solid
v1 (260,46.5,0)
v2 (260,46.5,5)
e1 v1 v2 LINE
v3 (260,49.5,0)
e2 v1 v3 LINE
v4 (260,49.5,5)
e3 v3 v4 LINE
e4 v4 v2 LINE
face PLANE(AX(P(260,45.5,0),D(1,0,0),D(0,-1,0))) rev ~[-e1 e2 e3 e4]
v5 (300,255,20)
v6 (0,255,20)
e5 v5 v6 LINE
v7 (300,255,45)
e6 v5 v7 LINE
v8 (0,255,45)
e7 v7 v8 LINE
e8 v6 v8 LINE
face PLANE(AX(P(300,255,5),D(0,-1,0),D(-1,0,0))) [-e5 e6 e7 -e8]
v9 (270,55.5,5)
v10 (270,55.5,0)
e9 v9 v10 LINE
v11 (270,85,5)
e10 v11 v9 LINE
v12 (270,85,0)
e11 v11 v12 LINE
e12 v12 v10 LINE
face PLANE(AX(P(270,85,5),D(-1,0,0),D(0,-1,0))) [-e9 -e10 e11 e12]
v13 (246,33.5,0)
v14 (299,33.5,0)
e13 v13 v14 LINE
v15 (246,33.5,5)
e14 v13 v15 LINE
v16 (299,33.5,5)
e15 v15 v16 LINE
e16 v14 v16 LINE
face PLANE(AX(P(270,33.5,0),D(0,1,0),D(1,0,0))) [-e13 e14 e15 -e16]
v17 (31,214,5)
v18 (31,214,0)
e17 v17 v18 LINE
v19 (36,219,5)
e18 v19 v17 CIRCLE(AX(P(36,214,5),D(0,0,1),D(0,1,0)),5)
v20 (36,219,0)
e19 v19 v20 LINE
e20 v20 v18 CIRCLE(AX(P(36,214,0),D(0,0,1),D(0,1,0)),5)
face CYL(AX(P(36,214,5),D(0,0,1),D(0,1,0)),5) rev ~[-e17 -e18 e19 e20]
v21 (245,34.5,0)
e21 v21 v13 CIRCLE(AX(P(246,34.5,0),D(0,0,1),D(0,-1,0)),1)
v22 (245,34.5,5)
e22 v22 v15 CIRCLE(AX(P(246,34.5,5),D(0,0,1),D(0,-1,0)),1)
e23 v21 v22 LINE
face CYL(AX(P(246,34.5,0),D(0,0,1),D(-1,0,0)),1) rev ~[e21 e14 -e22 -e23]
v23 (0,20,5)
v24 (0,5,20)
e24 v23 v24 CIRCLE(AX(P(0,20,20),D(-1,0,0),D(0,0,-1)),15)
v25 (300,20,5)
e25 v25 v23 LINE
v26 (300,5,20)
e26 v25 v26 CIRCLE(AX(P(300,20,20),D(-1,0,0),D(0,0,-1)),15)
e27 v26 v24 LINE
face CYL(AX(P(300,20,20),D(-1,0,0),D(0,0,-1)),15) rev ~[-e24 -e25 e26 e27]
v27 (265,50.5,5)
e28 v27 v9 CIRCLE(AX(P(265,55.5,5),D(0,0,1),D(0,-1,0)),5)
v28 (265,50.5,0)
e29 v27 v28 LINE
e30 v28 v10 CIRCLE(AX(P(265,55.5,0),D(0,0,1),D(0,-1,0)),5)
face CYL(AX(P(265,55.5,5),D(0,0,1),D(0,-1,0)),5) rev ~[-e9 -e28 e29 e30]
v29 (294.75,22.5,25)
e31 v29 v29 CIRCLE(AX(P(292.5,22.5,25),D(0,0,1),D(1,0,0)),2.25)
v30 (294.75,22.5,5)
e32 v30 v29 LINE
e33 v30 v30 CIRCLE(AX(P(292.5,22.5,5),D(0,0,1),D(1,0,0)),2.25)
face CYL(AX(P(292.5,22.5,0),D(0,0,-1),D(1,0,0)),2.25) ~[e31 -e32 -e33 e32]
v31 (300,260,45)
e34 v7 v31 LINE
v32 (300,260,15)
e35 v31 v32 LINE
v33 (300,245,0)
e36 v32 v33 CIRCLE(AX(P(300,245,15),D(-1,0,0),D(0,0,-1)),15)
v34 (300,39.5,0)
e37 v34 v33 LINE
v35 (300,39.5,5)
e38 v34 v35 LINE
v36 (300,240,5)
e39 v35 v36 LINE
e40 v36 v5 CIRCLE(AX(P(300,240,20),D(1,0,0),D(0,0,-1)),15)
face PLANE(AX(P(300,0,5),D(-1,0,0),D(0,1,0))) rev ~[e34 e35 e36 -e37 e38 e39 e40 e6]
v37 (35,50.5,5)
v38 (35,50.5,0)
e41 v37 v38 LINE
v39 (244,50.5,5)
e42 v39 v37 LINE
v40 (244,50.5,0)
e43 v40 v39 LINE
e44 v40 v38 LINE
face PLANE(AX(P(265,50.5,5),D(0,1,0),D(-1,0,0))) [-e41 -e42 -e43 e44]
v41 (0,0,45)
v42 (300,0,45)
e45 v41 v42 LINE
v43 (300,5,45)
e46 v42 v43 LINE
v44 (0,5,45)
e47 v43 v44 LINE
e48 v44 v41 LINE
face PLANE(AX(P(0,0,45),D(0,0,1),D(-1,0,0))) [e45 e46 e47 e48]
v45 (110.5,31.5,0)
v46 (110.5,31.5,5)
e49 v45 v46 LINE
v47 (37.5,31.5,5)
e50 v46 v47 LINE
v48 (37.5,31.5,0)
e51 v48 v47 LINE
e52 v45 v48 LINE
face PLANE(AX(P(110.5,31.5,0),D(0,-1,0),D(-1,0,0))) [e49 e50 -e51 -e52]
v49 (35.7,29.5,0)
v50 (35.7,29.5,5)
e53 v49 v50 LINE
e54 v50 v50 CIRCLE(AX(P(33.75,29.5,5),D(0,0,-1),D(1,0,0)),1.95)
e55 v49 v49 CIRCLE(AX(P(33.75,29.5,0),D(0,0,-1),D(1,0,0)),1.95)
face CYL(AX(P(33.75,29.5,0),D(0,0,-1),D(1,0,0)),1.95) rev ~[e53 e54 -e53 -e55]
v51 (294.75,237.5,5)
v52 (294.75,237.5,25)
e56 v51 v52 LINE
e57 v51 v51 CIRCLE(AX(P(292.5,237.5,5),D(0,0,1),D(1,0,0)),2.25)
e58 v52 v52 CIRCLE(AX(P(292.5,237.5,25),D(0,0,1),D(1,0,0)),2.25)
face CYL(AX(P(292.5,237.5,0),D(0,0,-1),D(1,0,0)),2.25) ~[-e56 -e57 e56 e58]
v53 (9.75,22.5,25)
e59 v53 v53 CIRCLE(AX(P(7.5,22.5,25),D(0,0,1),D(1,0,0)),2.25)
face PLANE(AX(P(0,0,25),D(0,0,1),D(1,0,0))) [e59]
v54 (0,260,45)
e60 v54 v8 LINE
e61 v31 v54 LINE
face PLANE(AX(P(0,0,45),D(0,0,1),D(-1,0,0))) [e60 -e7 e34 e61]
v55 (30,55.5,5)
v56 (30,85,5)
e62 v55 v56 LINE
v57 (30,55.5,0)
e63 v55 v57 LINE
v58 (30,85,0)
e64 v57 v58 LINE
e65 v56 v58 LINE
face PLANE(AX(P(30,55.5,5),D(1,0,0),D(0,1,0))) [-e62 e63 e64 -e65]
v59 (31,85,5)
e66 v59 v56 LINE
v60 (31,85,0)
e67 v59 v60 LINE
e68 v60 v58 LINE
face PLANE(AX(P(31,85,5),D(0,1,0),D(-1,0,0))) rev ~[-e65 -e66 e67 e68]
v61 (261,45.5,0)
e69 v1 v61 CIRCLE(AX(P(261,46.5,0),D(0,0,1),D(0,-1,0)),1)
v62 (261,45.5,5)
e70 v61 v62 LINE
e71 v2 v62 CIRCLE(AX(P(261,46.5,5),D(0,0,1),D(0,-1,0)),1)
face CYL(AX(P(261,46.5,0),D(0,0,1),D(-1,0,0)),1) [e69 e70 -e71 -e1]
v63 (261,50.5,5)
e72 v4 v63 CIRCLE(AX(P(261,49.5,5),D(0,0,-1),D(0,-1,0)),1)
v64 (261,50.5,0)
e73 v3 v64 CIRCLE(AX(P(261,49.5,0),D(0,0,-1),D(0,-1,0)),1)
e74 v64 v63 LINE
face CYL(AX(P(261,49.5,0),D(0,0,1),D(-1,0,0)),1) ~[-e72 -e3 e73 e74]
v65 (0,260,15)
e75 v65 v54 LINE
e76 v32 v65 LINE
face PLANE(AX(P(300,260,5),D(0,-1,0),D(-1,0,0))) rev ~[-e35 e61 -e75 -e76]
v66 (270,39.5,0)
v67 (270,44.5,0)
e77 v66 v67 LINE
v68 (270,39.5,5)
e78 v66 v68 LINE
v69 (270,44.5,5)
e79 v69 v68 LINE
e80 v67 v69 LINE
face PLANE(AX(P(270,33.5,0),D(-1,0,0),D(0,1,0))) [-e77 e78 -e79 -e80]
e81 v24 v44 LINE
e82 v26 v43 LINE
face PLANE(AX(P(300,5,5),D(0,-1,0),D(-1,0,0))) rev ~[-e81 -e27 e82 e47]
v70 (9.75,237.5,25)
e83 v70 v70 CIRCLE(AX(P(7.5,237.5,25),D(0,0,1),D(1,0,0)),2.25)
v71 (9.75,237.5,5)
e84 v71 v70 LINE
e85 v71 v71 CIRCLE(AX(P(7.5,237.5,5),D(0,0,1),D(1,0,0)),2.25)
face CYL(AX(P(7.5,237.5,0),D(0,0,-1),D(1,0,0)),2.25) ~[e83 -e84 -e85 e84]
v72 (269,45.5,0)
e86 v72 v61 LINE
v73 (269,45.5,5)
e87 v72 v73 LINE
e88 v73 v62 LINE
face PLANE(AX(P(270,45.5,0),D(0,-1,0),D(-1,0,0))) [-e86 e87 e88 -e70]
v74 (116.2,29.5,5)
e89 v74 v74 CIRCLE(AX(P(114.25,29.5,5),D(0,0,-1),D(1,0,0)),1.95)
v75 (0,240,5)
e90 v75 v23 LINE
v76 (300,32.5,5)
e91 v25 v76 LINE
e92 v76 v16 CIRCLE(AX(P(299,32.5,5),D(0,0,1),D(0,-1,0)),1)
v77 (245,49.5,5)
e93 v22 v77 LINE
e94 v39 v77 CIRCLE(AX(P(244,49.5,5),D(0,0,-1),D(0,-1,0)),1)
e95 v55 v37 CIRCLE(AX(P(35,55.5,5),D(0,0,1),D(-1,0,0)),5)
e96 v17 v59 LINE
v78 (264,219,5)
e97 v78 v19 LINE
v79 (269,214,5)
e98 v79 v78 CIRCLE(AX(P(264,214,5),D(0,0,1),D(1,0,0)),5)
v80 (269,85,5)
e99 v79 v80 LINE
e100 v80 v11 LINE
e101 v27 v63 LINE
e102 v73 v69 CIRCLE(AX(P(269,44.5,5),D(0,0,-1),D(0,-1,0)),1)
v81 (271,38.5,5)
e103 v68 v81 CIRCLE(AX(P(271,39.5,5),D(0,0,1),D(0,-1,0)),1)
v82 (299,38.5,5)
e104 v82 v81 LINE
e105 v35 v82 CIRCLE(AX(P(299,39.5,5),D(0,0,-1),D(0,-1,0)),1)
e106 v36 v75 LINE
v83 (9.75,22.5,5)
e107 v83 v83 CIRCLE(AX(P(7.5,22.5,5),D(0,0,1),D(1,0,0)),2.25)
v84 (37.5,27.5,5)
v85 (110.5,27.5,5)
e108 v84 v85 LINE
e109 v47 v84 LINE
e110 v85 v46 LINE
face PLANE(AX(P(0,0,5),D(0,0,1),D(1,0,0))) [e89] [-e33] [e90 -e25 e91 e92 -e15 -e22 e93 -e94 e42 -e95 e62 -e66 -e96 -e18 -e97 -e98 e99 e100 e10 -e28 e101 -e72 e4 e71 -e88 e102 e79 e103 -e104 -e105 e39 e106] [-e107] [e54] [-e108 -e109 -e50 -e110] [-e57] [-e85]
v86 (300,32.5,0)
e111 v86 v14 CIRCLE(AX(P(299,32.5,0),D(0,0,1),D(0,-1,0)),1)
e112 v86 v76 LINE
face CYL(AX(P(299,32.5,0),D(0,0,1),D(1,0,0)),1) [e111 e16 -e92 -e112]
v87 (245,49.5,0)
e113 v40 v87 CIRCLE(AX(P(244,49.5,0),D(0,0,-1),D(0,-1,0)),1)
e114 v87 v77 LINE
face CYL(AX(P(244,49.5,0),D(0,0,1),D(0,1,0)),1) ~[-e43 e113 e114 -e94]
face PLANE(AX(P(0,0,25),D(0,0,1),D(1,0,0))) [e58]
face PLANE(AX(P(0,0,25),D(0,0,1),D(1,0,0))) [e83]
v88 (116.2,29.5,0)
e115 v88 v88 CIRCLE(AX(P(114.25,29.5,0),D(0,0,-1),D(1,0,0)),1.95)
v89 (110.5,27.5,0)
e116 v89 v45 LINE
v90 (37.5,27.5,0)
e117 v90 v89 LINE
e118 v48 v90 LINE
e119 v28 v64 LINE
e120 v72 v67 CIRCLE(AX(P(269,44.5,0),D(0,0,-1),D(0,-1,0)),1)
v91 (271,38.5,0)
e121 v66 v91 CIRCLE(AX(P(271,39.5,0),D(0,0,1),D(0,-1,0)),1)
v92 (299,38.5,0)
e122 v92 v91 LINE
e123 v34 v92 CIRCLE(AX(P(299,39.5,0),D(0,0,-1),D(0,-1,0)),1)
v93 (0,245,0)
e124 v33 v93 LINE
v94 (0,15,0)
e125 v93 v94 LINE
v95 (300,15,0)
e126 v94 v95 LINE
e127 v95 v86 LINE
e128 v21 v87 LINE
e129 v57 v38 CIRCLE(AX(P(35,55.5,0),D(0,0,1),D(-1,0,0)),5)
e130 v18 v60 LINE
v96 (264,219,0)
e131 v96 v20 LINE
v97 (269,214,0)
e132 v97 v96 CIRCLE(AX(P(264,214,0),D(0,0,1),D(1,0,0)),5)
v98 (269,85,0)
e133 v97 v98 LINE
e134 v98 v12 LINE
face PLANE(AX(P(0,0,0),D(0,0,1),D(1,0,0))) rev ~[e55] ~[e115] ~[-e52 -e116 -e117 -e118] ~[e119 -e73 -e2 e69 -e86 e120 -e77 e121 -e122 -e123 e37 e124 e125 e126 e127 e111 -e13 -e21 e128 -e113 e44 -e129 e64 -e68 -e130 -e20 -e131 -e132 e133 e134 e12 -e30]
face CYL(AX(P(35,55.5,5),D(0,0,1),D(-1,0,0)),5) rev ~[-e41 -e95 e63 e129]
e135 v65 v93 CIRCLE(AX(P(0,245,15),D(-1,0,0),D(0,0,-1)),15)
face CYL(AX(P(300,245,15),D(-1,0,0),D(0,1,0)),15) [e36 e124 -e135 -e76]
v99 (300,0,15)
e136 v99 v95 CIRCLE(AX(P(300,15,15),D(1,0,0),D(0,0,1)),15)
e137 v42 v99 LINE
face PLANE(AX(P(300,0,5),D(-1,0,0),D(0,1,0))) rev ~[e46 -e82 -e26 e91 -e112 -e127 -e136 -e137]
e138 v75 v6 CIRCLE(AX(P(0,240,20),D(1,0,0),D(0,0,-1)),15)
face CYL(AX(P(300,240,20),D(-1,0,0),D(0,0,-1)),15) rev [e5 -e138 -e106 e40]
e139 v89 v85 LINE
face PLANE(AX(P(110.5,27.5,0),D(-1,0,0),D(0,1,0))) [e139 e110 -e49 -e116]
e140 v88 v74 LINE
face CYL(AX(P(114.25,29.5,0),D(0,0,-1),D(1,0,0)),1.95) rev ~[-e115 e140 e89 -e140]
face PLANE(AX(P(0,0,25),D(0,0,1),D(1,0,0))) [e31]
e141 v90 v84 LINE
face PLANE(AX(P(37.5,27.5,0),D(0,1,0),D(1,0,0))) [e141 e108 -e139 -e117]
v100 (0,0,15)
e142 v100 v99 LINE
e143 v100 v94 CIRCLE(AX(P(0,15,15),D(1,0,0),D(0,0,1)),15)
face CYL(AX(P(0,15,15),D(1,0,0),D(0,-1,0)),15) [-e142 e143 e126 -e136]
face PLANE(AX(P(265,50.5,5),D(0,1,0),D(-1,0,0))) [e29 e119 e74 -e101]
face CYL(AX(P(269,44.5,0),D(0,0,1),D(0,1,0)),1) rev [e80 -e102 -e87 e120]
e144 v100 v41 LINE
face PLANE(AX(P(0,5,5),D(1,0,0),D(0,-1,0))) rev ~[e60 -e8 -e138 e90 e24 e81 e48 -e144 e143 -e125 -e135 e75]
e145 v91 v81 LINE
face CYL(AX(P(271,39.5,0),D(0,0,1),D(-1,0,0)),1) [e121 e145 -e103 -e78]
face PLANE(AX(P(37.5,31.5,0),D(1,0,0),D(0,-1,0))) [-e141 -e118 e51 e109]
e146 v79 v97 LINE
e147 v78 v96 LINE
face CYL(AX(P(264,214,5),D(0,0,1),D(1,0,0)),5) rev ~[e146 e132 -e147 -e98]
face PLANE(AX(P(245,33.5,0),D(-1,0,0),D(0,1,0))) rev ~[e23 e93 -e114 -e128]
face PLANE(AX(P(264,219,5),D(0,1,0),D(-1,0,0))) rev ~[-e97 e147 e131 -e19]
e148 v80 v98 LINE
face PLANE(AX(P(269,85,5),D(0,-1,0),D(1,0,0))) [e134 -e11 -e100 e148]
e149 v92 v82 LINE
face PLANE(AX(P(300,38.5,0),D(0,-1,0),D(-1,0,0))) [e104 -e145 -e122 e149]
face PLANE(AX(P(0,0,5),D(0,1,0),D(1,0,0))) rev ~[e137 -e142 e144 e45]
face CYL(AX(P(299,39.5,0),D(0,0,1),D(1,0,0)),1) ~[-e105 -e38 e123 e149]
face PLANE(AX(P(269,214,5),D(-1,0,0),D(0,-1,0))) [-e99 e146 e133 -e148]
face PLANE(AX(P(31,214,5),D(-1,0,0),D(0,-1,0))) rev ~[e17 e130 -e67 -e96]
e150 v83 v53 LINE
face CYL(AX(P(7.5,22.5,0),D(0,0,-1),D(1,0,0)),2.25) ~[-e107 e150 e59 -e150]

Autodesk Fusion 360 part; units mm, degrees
sketch "Sketch1" plane through (0, 0, 0) normal (0, 0, 1) x (1, 0, 0)
  line L0 (0, 0) -> (300, 0)
  line L1 (300, 0) -> (300, 260)
  line L2 (300, 260) -> (0, 260)
  line L3 (0, 260) -> (0, 0)
  circle A0 centre (7.5, 22.5) radius 2.25
  circle A1 centre (292.5, 22.5) radius 2.25
  circle A2 centre (7.5, 237.5) radius 2.25
  circle A3 centre (292.5, 237.5) radius 2.25
  dimension "d1" = 300
  dimension "d2" = 260
  dimension "d3" = 4.5
  dimension "d4" = 4.5
  dimension "d5" = 4.5
  dimension "d6" = 4.5
  dimension "d7" = 22.5
  dimension "d8" = 7.5
  dimension "d9" = 22.5
  dimension "d10" = 7.5
  dimension "d11" = 7.5
  dimension "d12" = 22.5
  dimension "d13" = 22.5
  dimension "d14" = 7.5
extrude "Extrude1" add sketch "Sketch1" along normal blind 5
extrude "Extrude2" add sketch "Sketch1" along normal blind 25 contours A0
extrude "Extrude3" add sketch "Sketch1" along normal blind 25 contours A2
extrude "Extrude4" add sketch "Sketch1" along normal blind 25 contours A3
extrude "Extrude5" add sketch "Sketch1" along normal blind 25 contours A1
sketch "Sketch2" plane through (0, 0, 5) normal (0, 0, 1) x (-1, 0, 0)
  circle A0 centre (-7.5, -22.5) radius 2.25
  circle A1 centre (-7.5, -237.5) radius 2.25
  circle A2 centre (-292.5, -22.5) radius 2.25
  circle A3 centre (-292.5, -237.5) radius 2.25
  line L0 (0, -260) -> (0, 0)
  line L1 (0, 0) -> (-300, 0)
  line L2 (-300, 0) -> (-300, -260)
  line L3 (-300, -260) -> (0, -260)
  line L4 (-30, -220) -> (-270, -220)
  line L5 (-270, -220) -> (-270, -55.5)
  line L6 (-270, -50.5) -> (-30, -50.5)
  line L7 (-30, -50.5) -> (-30, -220)
  line L8 (-300, -260) -> (0, -260)
  line L9 (0, 0) -> (-300, 0)
  line L10 (0, -260) -> (0, 0)
  line L11 (-300, 0) -> (-300, -260)
  line L12 (-30, -220) -> (-270, -220)
  line L13 (-270, -220) -> (-270, -219)
  line L14 (-270, -219) -> (-30, -219)
  line L15 (-30, -219) -> (-30, -220)
  line L16 (-270, -220) -> (-269, -220)
  line L17 (-269, -220) -> (-269, -85)
  line L18 (-269, -85) -> (-270, -85)
  line L19 (-270, -85) -> (-270, -220)
  line L20 (-30, -220) -> (-31, -220)
  line L21 (-31, -220) -> (-31, -85)
  line L22 (-31, -85) -> (-30, -85)
  line L23 (-30, -85) -> (-30, -220)
  line L24 (-36, -219) -> (-36, -219)
  line L25 (-36, -219) -> (-36, -214)
  line L26 (-36, -214) -> (-31, -214)
  line L27 (-31, -214) -> (-31, -214)
  arc A4 (-36, -219) -> (-31, -214) centre (-36, -214) ccw
  line L28 (-264, -219) -> (-264, -219)
  line L29 (-264, -219) -> (-264, -214)
  line L30 (-264, -214) -> (-269, -214)
  line L31 (-269, -214) -> (-269, -214)
  arc A5 (-269, -214) -> (-264, -219) centre (-264, -214) ccw
  line L32 (-265, -50.5) -> (-265, -50.5)
  line L33 (-265, -50.5) -> (-265, -55.5)
  line L34 (-265, -55.5) -> (-270, -55.5)
  line L35 (-270, -55.5) -> (-270, -50.5)
  arc A6 (-265, -50.5) -> (-270, -55.5) centre (-265, -55.5) ccw
  line L36 (-35, -50.5) -> (-35, -50.5)
  line L37 (-35, -50.5) -> (-35, -55.5)
  line L38 (-35, -55.5) -> (-30, -55.5)
  line L39 (-30, -55.5) -> (-30, -55.5)
  arc A7 (-30, -55.5) -> (-35, -50.5) centre (-35, -55.5) ccw
  point P0 (-31, -219)
  point P1 (-269, -219)
  dimension "d25" = 240
  dimension "d26" = 169.5
  dimension "d27" = 40
  dimension "d28" = 50.5
  dimension "d29" = 30
  dimension "d30" = 30
  dimension "d31" = 1
  dimension "d32" = 135
  dimension "d33" = 1
  dimension "d34" = 135
  dimension "d35" = 1
  dimension "d36" = 5
  dimension "d37" = 5
  dimension "d38" = 5
  dimension "d39" = 5
  dimension "d40" = 5
  dimension "d41" = 5
  dimension "d42" = 5
  dimension "d43" = 5
  dimension "d44" = 5
  dimension "d45" = 5
  dimension "d46" = 5
  dimension "d47" = 5
extrude "Extrude6" cut sketch "Sketch2" against normal blind 5 contours L5 L6 L7 L14 L17 L18 L21 L22 L25 L26 L29 L30 L33 L34 L37 L38
extrude "Extrude7" cut sketch "Sketch2" against normal blind 5 contours L37 L38 A7
extrude "Extrude8" cut sketch "Sketch2" against normal blind 5 contours L33 L34 A6
extrude "Extrude9" cut sketch "Sketch2" against normal blind 5 contours L29 L30 A5
extrude "Extrude10" cut sketch "Sketch2" against normal blind 5 contours L25 L26 A4
sketch "Sketch3" plane through (0, 0, 5) normal (0, 0, 1) x (-1, 0, 0)
  arc A0 (-36, -219) -> (-31, -214) centre (-36, -214) ccw
  line L0 (-36, -219) -> (-264, -219)
  arc A1 (-269, -214) -> (-264, -219) centre (-264, -214) ccw
  line L1 (-269, -214) -> (-269, -85)
  line L2 (-269, -85) -> (-270, -85)
  line L3 (-270, -85) -> (-270, -55.5)
  arc A2 (-265, -50.5) -> (-270, -55.5) centre (-265, -55.5) ccw
  line L4 (-265, -50.5) -> (-35, -50.5)
  arc A3 (-30, -55.5) -> (-35, -50.5) centre (-35, -55.5) ccw
  line L5 (-30, -55.5) -> (-30, -85)
  line L6 (-30, -85) -> (-31, -85)
  line L7 (-31, -85) -> (-31, -214)
  line L8 (0, -260) -> (0, 0)
  line L9 (0, 0) -> (-300, 0)
  line L10 (-300, 0) -> (-300, -260)
  line L11 (-300, -260) -> (0, -260)
  circle A4 centre (-292.5, -237.5) radius 2.25
  circle A5 centre (-292.5, -22.5) radius 2.25
  circle A6 centre (-7.5, -237.5) radius 2.25
  circle A7 centre (-7.5, -22.5) radius 2.25
  line L12 (0, 0) -> (-300, 0)
  line L13 (-300, 0) -> (-300, -5)
  line L14 (-300, -5) -> (0, -5)
  line L15 (0, -5) -> (0, 0)
  line L16 (0, -260) -> (-300, -260)
  line L17 (-300, -260) -> (-300, -255)
  line L18 (-300, -255) -> (0, -255)
  line L19 (0, -255) -> (0, -260)
  dimension "d58" = 300
  dimension "d59" = 5
  dimension "d60" = 300
  dimension "d61" = 5
extrude "Extrude11" add sketch "Sketch3" along normal blind 40 contours L8 L10 L11 L16 L17 L18 L19
extrude "Extrude12" add sketch "Sketch3" along normal blind 40 contours L8 L9 L10 L12 L13 L14 L15
fillet "Fillet1" radius 15 1 edges at (150, 255, 5)
fillet "Fillet2" radius 15 1 edges at (150, 260, 0)
fillet "Fillet3" radius 15 1 edges at (150, 5, 5)
fillet "Fillet4" radius 15 1 edges at (150, 0, 0)
sketch "Sketch4" plane through (0, 0, 0) normal (0, 0, -1) x (1, 0, 0)
  line L0 (300, -15) -> (0, -15)
  line L1 (0, -15) -> (0, -245)
  line L2 (0, -245) -> (300, -245)
  line L3 (300, -245) -> (300, -15)
  arc A0 (31, -214) -> (36, -219) centre (36, -214) ccw
  line L4 (31, -214) -> (31, -85)
  line L5 (31, -85) -> (30, -85)
  line L6 (30, -85) -> (30, -55.5)
  arc A1 (35, -50.5) -> (30, -55.5) centre (35, -55.5) ccw
  line L7 (35, -50.5) -> (265, -50.5)
  arc A2 (270, -55.5) -> (265, -50.5) centre (265, -55.5) ccw
  line L8 (270, -55.5) -> (270, -85)
  line L9 (270, -85) -> (269, -85)
  line L10 (269, -85) -> (269, -214)
  arc A3 (264, -219) -> (269, -214) centre (264, -214) ccw
  line L11 (264, -219) -> (36, -219)
  line L12 (245, -50.5) -> (260, -50.5)
  line L13 (260, -50.5) -> (260, -33.5)
  line L14 (260, -33.5) -> (245, -33.5)
  line L15 (245, -33.5) -> (245, -50.5)
  line L16 (260, -33.5) -> (270, -33.5)
  line L17 (270, -33.5) -> (270, -45.5)
  line L18 (270, -45.5) -> (260, -45.5)
  line L19 (260, -45.5) -> (260, -33.5)
  line L20 (270, -33.5) -> (300, -33.5)
  line L21 (300, -33.5) -> (300, -38.5)
  line L22 (300, -38.5) -> (270, -38.5)
  line L23 (270, -38.5) -> (270, -33.5)
  dimension "d74" = 15
  dimension "d75" = 17
  dimension "d76" = 10
  dimension "d77" = 12
  dimension "d78" = 30
  dimension "d79" = 30
  dimension "d80" = 5
extrude "Extrude13" cut sketch "Sketch4" against normal blind 5 contours L7 L12 L13 L14 L15 L19
extrude "Extrude14" cut sketch "Sketch4" against normal blind 5 contours L13 L16 L17 L18 L19 L23
extrude "Extrude15" cut sketch "Sketch4" against normal blind 5 contours L3 L17 L20 L21 L22 L23
fillet "Fillet5" radius 1 1 edges at (245, 50.5, 2.5)
fillet "Fillet6" radius 1 1 edges at (245, 33.5, 2.5)
fillet "Fillet7" radius 1 1 edges at (260, 50.5, 2.5)
fillet "Fillet8" radius 1 1 edges at (260, 45.5, 2.5)
fillet "Fillet9" radius 1 1 edges at (270, 45.5, 2.5)
fillet "Fillet10" radius 1 1 edges at (270, 38.5, 2.5)
fillet "Fillet11" radius 1 1 edges at (300, 33.5, 2.5)
fillet "Fillet12" radius 1 1 edges at (300, 38.5, 2.5)
sketch "Sketch5" plane through (0, 0, 0) normal (0, 0, -1) x (1, 0, 0)
  arc A0 (300, -39.5) -> (299, -38.5) centre (299, -39.5) ccw
  line L0 (299, -38.5) -> (271, -38.5)
  arc A1 (271, -38.5) -> (270, -39.5) centre (271, -39.5) ccw
  line L1 (270, -39.5) -> (270, -44.5)
  arc A2 (269, -45.5) -> (270, -44.5) centre (269, -44.5) ccw
  line L2 (269, -45.5) -> (261, -45.5)
  arc A3 (261, -45.5) -> (260, -46.5) centre (261, -46.5) ccw
  line L3 (260, -46.5) -> (260, -49.5)
  arc A4 (260, -49.5) -> (261, -50.5) centre (261, -49.5) ccw
  line L4 (261, -50.5) -> (265, -50.5)
  arc A5 (270, -55.5) -> (265, -50.5) centre (265, -55.5) ccw
  line L5 (270, -55.5) -> (270, -85)
  line L6 (270, -85) -> (269, -85)
  line L7 (269, -85) -> (269, -214)
  arc A6 (264, -219) -> (269, -214) centre (264, -214) ccw
  line L8 (264, -219) -> (36, -219)
  arc A7 (31, -214) -> (36, -219) centre (36, -214) ccw
  line L9 (31, -214) -> (31, -85)
  line L10 (31, -85) -> (30, -85)
  line L11 (30, -85) -> (30, -55.5)
  arc A8 (35, -50.5) -> (30, -55.5) centre (35, -55.5) ccw
  line L12 (35, -50.5) -> (244, -50.5)
  arc A9 (244, -50.5) -> (245, -49.5) centre (244, -49.5) ccw
  line L13 (245, -49.5) -> (245, -34.5)
  arc A10 (246, -33.5) -> (245, -34.5) centre (246, -34.5) ccw
  line L14 (246, -33.5) -> (299, -33.5)
  arc A11 (299, -33.5) -> (300, -32.5) centre (299, -32.5) ccw
  line L15 (300, -32.5) -> (300, -15)
  line L16 (300, -15) -> (0, -15)
  line L17 (0, -15) -> (0, -245)
  line L18 (0, -245) -> (300, -245)
  line L19 (300, -245) -> (300, -39.5)
  line L20 (30, -23.5) -> (118, -23.5)
  line L21 (118, -23.5) -> (118, -35.5)
  line L22 (118, -35.5) -> (30, -35.5)
  line L23 (30, -35.5) -> (30, -23.5)
  line L24 (37.5, -27.5) -> (110.5, -27.5)
  line L25 (110.5, -27.5) -> (110.5, -31.5)
  line L26 (110.5, -31.5) -> (37.5, -31.5)
  line L27 (37.5, -31.5) -> (37.5, -27.5)
  circle A12 centre (114.25, -29.5) radius 1.95
  circle A13 centre (33.75, -29.5) radius 1.95
  dimension "d103" = 88
  dimension "d104" = 12
  dimension "d105" = 15
  dimension "d106" = 30
  dimension "d107" = 73
  dimension "d108" = 4
  dimension "d109" = 4
  dimension "d110" = 7.5
  dimension "d111" = 3.9
  dimension "d112" = 3.75
  dimension "d113" = 3.9
  dimension "d114" = 3.75
  dimension "d115" = 6
  dimension "d116" = 6
extrude "Extrude16" cut sketch "Sketch5" against normal blind 5 contours L24 L25 L26 L27
extrude "Extrude17" cut sketch "Sketch5" against normal blind 5 contours A13
extrude "Extrude18" cut sketch "Sketch5" against normal blind 5 contours A12
